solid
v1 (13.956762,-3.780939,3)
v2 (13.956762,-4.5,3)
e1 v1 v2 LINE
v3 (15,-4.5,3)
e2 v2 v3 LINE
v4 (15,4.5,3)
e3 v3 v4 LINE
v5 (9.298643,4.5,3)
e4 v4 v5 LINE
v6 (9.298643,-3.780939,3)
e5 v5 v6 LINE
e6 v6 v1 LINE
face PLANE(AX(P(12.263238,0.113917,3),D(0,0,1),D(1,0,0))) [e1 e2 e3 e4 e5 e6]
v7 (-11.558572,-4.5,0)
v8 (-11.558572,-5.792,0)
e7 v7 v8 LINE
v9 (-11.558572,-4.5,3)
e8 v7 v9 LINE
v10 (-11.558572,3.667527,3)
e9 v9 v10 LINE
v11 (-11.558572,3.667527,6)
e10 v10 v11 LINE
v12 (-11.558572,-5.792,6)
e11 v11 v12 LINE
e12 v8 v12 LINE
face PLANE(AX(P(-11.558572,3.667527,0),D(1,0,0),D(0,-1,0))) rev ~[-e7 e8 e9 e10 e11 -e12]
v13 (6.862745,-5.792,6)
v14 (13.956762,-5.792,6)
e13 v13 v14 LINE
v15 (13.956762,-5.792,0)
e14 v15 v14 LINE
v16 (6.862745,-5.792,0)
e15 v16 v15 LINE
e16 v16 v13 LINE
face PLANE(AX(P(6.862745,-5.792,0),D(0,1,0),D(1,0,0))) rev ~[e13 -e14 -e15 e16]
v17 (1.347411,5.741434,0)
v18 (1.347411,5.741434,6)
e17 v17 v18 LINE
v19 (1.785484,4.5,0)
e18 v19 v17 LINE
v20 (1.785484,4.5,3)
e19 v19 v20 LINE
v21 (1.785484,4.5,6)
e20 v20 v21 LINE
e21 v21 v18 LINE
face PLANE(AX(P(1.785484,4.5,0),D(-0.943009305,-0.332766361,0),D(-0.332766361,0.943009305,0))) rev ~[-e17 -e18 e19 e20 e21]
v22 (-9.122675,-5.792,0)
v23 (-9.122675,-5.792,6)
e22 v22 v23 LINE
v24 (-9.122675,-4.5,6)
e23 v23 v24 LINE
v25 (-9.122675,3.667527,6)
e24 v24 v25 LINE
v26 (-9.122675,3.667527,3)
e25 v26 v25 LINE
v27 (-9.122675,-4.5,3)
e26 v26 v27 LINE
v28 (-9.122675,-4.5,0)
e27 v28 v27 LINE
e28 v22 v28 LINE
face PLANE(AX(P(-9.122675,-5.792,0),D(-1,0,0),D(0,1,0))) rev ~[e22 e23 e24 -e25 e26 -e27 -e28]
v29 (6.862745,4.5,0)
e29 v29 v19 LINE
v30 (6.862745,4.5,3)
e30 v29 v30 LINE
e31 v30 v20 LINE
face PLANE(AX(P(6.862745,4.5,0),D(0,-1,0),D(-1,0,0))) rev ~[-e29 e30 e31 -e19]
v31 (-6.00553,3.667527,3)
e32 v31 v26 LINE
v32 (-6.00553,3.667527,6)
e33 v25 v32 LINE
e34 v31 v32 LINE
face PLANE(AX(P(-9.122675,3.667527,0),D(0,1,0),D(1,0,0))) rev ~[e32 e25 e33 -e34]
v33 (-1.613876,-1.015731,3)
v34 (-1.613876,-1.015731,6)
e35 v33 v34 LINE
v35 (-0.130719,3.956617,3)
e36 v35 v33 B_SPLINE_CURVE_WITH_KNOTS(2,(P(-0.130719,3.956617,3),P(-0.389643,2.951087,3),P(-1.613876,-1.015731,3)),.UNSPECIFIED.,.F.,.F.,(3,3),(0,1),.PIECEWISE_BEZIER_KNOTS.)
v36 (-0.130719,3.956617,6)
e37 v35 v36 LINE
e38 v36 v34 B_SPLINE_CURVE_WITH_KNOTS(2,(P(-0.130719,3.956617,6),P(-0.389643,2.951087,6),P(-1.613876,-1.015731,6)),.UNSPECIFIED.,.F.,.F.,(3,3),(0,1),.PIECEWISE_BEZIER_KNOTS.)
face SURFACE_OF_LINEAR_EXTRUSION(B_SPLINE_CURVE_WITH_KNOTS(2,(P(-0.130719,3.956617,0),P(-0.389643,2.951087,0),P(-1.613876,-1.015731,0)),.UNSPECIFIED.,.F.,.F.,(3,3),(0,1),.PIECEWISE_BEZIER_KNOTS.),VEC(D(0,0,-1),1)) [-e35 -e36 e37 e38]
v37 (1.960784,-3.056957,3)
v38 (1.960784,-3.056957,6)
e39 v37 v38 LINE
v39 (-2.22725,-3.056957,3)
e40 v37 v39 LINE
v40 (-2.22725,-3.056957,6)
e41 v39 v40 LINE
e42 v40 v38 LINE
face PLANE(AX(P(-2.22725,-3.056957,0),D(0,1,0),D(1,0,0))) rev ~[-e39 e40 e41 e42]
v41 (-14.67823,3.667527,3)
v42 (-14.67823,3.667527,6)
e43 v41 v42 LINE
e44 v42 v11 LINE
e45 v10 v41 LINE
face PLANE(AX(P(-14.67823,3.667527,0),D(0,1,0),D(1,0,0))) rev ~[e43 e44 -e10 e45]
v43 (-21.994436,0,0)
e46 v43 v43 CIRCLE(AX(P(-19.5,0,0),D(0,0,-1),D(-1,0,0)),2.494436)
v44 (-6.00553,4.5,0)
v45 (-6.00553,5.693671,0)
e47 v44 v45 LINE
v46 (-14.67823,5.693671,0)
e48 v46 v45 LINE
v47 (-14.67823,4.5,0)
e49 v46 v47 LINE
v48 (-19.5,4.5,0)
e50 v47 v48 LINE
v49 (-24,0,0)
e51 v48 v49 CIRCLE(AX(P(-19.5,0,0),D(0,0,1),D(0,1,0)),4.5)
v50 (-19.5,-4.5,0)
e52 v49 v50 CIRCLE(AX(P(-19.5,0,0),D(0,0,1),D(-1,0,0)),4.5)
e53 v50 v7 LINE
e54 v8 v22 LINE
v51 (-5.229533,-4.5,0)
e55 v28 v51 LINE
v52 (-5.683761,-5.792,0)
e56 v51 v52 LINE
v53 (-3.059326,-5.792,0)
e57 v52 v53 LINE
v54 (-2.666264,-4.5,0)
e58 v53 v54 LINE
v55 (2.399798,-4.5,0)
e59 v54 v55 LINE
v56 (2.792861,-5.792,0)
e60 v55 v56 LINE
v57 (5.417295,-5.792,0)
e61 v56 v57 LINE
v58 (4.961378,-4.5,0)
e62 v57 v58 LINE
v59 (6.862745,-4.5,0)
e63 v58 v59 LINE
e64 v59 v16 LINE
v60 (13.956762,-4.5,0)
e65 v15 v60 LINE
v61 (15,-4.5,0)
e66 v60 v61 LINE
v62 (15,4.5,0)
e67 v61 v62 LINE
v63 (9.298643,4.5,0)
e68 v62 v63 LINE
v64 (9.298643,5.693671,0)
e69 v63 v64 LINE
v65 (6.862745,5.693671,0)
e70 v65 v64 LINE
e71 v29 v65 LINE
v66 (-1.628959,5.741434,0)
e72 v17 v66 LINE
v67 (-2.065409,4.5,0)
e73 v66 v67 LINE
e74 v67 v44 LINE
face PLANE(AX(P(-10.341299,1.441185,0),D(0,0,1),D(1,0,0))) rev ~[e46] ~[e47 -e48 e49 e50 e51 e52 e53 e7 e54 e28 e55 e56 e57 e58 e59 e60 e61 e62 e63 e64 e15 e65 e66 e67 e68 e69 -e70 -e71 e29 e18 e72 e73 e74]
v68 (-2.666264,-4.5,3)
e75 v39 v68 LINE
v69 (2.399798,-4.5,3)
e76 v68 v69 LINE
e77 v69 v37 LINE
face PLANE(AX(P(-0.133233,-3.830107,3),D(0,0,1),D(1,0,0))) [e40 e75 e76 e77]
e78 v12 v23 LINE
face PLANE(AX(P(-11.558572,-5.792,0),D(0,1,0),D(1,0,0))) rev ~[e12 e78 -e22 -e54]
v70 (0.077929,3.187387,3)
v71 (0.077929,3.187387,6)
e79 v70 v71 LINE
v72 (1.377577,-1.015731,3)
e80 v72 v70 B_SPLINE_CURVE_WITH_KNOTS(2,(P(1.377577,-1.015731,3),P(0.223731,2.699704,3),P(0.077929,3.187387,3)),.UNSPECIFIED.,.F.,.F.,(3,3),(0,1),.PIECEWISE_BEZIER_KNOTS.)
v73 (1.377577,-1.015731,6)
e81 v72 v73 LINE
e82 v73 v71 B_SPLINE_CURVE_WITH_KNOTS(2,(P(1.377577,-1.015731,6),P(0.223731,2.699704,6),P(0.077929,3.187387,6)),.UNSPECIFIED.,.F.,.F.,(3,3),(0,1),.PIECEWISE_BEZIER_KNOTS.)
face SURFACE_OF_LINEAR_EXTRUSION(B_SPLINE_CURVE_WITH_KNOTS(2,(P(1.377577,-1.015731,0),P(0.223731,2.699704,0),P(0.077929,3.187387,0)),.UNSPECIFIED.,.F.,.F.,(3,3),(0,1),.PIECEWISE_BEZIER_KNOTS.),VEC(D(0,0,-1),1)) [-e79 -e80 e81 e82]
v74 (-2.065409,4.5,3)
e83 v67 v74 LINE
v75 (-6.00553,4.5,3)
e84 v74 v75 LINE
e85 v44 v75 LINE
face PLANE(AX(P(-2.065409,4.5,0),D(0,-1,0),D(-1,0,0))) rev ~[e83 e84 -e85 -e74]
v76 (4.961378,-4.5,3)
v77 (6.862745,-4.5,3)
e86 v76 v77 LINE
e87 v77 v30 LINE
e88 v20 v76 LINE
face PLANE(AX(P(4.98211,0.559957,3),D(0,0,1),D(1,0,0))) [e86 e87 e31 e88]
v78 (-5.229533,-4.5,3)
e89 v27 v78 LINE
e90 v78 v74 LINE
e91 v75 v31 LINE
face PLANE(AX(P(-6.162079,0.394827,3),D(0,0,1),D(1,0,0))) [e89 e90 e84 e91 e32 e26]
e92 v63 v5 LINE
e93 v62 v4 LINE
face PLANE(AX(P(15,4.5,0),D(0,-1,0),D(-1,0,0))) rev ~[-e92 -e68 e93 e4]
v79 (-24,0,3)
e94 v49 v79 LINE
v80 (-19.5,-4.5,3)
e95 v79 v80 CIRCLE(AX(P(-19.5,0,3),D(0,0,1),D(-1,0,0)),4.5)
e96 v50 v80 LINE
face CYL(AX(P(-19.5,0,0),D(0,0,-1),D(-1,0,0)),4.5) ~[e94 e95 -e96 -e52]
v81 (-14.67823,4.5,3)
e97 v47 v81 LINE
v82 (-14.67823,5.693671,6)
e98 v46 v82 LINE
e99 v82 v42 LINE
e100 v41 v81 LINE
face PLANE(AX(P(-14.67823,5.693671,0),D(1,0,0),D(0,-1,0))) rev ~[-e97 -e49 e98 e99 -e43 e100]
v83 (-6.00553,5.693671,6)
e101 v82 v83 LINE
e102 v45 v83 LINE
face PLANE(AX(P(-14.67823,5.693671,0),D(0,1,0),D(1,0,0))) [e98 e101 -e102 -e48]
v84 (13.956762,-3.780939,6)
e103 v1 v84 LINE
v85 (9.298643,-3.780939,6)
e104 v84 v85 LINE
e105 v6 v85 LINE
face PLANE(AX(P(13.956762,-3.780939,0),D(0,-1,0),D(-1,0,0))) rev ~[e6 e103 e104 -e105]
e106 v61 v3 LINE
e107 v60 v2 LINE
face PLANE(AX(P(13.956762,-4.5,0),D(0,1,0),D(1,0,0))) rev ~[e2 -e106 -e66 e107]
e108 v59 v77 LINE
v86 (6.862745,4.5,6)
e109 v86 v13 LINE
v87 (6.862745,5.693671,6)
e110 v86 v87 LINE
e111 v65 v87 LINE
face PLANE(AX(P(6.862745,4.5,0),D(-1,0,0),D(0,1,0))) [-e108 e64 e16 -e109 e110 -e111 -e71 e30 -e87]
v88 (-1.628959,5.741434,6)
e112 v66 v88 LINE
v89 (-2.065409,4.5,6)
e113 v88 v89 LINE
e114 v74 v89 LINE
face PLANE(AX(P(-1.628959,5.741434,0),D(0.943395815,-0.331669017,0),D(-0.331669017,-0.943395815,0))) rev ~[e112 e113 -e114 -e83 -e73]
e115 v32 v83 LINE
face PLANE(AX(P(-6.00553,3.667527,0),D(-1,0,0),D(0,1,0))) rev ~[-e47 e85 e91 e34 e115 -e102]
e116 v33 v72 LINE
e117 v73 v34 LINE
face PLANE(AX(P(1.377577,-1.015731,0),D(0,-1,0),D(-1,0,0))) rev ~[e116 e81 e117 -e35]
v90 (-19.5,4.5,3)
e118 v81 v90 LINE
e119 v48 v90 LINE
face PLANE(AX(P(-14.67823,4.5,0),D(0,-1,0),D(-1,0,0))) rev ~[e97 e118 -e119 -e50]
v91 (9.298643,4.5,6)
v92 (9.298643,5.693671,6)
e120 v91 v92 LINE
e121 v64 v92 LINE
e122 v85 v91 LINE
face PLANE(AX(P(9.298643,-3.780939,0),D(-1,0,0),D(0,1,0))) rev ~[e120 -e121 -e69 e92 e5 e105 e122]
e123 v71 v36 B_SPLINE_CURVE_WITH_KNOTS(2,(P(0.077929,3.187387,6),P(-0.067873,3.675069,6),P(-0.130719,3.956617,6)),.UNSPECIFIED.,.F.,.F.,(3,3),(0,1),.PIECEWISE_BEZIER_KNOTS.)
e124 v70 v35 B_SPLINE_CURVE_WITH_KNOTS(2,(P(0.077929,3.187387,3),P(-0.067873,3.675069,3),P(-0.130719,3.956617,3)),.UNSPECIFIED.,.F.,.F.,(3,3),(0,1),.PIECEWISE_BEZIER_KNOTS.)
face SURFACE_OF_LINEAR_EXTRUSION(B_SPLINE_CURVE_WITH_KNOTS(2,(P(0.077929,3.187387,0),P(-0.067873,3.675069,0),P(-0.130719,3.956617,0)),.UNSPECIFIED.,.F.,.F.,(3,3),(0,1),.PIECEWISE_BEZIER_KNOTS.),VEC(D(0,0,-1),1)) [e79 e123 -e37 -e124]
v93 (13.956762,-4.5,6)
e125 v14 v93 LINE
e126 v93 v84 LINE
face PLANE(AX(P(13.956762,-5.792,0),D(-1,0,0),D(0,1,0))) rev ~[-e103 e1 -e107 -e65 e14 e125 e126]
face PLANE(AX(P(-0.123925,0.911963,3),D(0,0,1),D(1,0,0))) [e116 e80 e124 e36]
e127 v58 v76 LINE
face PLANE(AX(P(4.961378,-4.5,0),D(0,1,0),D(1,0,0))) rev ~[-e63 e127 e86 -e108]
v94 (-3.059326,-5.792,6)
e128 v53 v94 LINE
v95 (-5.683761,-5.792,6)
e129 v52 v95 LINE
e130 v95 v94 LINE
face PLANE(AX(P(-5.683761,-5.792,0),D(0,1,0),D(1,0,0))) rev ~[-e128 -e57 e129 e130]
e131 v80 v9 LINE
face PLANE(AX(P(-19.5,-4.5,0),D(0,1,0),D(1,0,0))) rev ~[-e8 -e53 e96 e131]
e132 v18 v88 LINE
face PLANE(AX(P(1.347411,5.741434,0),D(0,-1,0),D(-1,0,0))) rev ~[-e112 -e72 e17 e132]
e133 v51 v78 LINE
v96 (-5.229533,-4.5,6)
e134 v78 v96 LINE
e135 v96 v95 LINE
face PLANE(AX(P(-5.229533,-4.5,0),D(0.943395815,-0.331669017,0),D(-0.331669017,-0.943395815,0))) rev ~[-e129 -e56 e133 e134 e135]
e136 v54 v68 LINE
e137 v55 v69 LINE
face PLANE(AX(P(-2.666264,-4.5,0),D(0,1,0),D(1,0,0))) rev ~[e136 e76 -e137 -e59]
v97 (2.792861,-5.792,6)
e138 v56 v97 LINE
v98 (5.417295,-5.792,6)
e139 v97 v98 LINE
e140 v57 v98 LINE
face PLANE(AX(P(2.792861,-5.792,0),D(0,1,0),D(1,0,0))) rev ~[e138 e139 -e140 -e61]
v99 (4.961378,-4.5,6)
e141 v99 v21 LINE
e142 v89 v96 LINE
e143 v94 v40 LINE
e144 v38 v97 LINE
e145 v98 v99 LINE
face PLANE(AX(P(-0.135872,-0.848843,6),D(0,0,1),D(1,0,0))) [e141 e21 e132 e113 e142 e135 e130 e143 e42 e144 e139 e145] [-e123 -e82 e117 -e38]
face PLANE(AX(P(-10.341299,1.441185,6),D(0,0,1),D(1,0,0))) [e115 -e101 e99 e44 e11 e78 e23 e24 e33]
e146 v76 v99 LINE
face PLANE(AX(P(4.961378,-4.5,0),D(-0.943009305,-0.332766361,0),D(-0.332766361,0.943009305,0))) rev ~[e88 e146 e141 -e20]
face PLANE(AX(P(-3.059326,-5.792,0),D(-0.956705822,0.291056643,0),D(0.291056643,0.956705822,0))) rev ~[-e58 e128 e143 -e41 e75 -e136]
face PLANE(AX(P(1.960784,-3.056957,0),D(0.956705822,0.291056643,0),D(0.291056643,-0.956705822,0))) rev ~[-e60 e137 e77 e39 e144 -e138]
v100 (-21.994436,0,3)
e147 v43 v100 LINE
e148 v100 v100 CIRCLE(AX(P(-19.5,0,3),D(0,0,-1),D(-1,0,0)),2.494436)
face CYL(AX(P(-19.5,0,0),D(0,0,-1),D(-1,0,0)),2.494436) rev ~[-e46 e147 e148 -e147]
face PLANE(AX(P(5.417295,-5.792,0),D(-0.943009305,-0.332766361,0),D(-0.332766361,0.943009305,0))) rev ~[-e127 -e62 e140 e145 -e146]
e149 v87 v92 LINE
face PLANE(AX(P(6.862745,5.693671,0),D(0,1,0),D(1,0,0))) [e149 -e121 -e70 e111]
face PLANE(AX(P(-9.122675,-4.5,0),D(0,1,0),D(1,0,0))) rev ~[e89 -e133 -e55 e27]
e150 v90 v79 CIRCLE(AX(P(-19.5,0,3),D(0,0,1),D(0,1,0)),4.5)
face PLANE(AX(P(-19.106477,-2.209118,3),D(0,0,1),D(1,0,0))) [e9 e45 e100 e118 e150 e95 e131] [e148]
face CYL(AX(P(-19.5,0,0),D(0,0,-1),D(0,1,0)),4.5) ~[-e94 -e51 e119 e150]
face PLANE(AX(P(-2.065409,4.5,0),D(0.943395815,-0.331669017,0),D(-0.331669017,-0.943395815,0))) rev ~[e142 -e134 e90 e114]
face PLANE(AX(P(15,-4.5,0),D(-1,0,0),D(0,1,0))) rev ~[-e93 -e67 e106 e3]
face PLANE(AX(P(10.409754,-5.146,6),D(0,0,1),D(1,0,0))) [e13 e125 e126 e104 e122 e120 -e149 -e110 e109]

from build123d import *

# Parameters (mm, degrees)
F1_DEPTH = 3
F0_W     = 2.4358974359
F0_H     = 1.292
F0_W_2   = 8.6726998492
F0_H_2   = 1.1936711916
F0_W_3   = 7.094017094
F2_DEPTH = 6


with BuildPart() as f1:
    # F0 (on Top) → F1 (new body)
    with BuildSketch(Plane.XY):
        with BuildLine():
            Line((-19.5, -4.5), (-15, -4.5))
            Line((-15, -4.5), (-15, 0))
            Line((-15, 0), (-17.0055641305, 0))
            ThreePointArc((-17.0055641305, 0), (-19.5, -2.4944358695), (-21.9944358695, 0))
            Line((-21.9944358695, 0), (-24, 0))
            ThreePointArc((-24, 0), (-22.6819805153, -3.1819805153), (-19.5, -4.5))
        make_face()
        with BuildLine():
            Line((-17.0055641305, 0), (-15, 0))
            Line((-15, 0), (-15, 4.5))
            Line((-15, 4.5), (-19.5, 4.5))
            ThreePointArc((-19.5, 4.5), (-22.6819805153, 3.1819805153), (-24, 0))
            Line((-24, 0), (-21.9944358695, 0))
            ThreePointArc((-21.9944358695, 0), (-19.5, 2.4944358695), (-17.0055641305, 0))
        make_face()
        Polygon((-15, 0), (-15, -4.5), (-11.5585721468, -4.5), (-11.5585721468, 3.6675274007), (-14.6782302665, 3.6675274007), (-14.6782302665, 4.5), (-15, 4.5), align=None)
    extrude(amount=F1_DEPTH)



with BuildPart() as f1b:
    # F0 (on Top) → F1, piece 2 (new body)
    with BuildSketch(Plane.XY):
        Polygon((-9.1226747109, 3.6675274007), (-9.1226747109, -4.5), (-5.2295331336, -4.5), (-2.0654093324, 4.5), (-6.0055304173, 4.5), (-6.0055304173, 3.6675274007), align=None)
    extrude(amount=F1_DEPTH)


with BuildPart() as f1c:
    # F0 (on Top) → F1, piece 3 (new body)
    with BuildSketch(Plane.XY):
        Polygon((-2.2272498743, -3.056957265), (-2.6662637946, -4.5), (2.399798234, -4.5), (1.9607843137, -3.056957265), align=None)
    extrude(amount=F1_DEPTH)


with BuildPart() as f1d:
    # F0 (on Top) → F1, piece 4 (new body)
    with BuildSketch(Plane.XY):
        with BuildLine():
            Line((-1.6138763198, -1.0157305178), (1.3775766717, -1.0157305178))
            add(Edge.make_bspline(
                [(1.3775766717, -1.0157305178), (0.2237305178, 2.6997043741), (0.0779286073, 3.1873866264)],
                knots=[0, 0, 0, 1, 1, 1], degree=2))
            add(Edge.make_bspline(
                [(0.0779286073, 3.1873866264), (-0.0678733032, 3.6750688788), (-0.1307189542, 3.9566173957)],
                knots=[0, 0, 0, 1, 1, 1], degree=2))
            add(Edge.make_bspline(
                [(-0.1307189542, 3.9566173957), (-0.3896430367, 2.9510869784), (-1.6138763198, -1.0157305178)],
                knots=[0, 0, 0, 1, 1, 1], degree=2))
        make_face()
    extrude(amount=F1_DEPTH)


with BuildPart() as f1e:
    # F0 (on Top) → F1, piece 5 (new body)
    with BuildSketch(Plane.XY):
        Polygon((6.862745098, 4.5), (1.7854843124, 4.5), (4.9613779479, -4.5), (6.862745098, -4.5), align=None)
    extrude(amount=F1_DEPTH)


with BuildPart() as f1f:
    # F0 (on Top) → F1, piece 6 (new body)
    with BuildSketch(Plane.XY):
        Polygon((15, 4.5), (9.2986425339, 4.5), (9.2986425339, -3.7809391654), (13.9567621921, -3.7809391654), (13.9567621921, -4.5), (15, -4.5), align=None)
    extrude(amount=F1_DEPTH)


with BuildPart() as f1_1:
    add(f1.part)

    add(f1b.part)  # F2 merges F1b

    add(f1c.part)  # F2 merges F1c

    add(f1d.part)  # F2 merges F1d

    add(f1e.part)  # F2 merges F1e

    add(f1f.part)  # F2 merges F1f
    # F0 (on Top) → F2 (join)
    with BuildSketch(Plane.XY):
        Polygon((-11.5585721468, 3.6675274007), (-11.5585721468, -4.5), (-9.1226747109, -4.5), (-9.1226747109, 3.6675274007), (-6.0055304173, 3.6675274007), (-6.0055304173, 4.5), (-14.6782302665, 4.5), (-14.6782302665, 3.6675274007), align=None)
        with Locations((-10.3406234289, -5.146)):
            Rectangle(F0_W, F0_H)
        with Locations((-10.3418803419, 5.0968355958)):
            Rectangle(F0_W_2, F0_H_2)
        Polygon((-2.0654093324, 4.5), (-5.2295331336, -4.5), (-2.6662637946, -4.5), (-2.2272498743, -3.056957265), (1.9607843137, -3.056957265), (2.399798234, -4.5), (4.9613779479, -4.5), (1.7854843124, 4.5), align=None)
        with BuildLine():
            add(Edge.make_bspline(
                [(1.3775766717, -1.0157305178), (0.2237305178, 2.6997043741), (0.0779286073, 3.1873866264)],
                knots=[0, 0, 0, 1, 1, 1], degree=2))
            Line((1.3775766717, -1.0157305178), (-1.6138763198, -1.0157305178))
            add(Edge.make_bspline(
                [(-0.1307189542, 3.9566173957), (-0.3896430367, 2.9510869784), (-1.6138763198, -1.0157305178)],
                knots=[0, 0, 0, 1, 1, 1], degree=2))
            add(Edge.make_bspline(
                [(0.0779286073, 3.1873866264), (-0.0678733032, 3.6750688788), (-0.1307189542, 3.9566173957)],
                knots=[0, 0, 0, 1, 1, 1], degree=2))
        make_face(mode=Mode.SUBTRACT)
        Polygon((4.9613779479, -4.5), (2.399798234, -4.5), (2.792860734, -5.792), (5.4172951232, -5.792), align=None)
        Polygon((-2.6662637946, -4.5), (-5.2295331336, -4.5), (-5.6837606838, -5.792), (-3.0593262946, -5.792), align=None)
        Polygon((-1.628959276, 5.7414338864), (-2.0654093324, 4.5), (1.7854843124, 4.5), (1.3474107592, 5.7414338864), align=None)
        with Locations((10.409753645, -5.146)):
            Rectangle(F0_W_3, F0_H)
        Polygon((9.2986425339, 4.5), (6.862745098, 4.5), (6.862745098, -4.5), (13.9567621921, -4.5), (13.9567621921, -3.7809391654), (9.2986425339, -3.7809391654), align=None)
        with Locations((8.080693816, 5.0968355958)):
            Rectangle(F0_W, F0_H_2)
    extrude(amount=F2_DEPTH)


solid = f1_1.part
